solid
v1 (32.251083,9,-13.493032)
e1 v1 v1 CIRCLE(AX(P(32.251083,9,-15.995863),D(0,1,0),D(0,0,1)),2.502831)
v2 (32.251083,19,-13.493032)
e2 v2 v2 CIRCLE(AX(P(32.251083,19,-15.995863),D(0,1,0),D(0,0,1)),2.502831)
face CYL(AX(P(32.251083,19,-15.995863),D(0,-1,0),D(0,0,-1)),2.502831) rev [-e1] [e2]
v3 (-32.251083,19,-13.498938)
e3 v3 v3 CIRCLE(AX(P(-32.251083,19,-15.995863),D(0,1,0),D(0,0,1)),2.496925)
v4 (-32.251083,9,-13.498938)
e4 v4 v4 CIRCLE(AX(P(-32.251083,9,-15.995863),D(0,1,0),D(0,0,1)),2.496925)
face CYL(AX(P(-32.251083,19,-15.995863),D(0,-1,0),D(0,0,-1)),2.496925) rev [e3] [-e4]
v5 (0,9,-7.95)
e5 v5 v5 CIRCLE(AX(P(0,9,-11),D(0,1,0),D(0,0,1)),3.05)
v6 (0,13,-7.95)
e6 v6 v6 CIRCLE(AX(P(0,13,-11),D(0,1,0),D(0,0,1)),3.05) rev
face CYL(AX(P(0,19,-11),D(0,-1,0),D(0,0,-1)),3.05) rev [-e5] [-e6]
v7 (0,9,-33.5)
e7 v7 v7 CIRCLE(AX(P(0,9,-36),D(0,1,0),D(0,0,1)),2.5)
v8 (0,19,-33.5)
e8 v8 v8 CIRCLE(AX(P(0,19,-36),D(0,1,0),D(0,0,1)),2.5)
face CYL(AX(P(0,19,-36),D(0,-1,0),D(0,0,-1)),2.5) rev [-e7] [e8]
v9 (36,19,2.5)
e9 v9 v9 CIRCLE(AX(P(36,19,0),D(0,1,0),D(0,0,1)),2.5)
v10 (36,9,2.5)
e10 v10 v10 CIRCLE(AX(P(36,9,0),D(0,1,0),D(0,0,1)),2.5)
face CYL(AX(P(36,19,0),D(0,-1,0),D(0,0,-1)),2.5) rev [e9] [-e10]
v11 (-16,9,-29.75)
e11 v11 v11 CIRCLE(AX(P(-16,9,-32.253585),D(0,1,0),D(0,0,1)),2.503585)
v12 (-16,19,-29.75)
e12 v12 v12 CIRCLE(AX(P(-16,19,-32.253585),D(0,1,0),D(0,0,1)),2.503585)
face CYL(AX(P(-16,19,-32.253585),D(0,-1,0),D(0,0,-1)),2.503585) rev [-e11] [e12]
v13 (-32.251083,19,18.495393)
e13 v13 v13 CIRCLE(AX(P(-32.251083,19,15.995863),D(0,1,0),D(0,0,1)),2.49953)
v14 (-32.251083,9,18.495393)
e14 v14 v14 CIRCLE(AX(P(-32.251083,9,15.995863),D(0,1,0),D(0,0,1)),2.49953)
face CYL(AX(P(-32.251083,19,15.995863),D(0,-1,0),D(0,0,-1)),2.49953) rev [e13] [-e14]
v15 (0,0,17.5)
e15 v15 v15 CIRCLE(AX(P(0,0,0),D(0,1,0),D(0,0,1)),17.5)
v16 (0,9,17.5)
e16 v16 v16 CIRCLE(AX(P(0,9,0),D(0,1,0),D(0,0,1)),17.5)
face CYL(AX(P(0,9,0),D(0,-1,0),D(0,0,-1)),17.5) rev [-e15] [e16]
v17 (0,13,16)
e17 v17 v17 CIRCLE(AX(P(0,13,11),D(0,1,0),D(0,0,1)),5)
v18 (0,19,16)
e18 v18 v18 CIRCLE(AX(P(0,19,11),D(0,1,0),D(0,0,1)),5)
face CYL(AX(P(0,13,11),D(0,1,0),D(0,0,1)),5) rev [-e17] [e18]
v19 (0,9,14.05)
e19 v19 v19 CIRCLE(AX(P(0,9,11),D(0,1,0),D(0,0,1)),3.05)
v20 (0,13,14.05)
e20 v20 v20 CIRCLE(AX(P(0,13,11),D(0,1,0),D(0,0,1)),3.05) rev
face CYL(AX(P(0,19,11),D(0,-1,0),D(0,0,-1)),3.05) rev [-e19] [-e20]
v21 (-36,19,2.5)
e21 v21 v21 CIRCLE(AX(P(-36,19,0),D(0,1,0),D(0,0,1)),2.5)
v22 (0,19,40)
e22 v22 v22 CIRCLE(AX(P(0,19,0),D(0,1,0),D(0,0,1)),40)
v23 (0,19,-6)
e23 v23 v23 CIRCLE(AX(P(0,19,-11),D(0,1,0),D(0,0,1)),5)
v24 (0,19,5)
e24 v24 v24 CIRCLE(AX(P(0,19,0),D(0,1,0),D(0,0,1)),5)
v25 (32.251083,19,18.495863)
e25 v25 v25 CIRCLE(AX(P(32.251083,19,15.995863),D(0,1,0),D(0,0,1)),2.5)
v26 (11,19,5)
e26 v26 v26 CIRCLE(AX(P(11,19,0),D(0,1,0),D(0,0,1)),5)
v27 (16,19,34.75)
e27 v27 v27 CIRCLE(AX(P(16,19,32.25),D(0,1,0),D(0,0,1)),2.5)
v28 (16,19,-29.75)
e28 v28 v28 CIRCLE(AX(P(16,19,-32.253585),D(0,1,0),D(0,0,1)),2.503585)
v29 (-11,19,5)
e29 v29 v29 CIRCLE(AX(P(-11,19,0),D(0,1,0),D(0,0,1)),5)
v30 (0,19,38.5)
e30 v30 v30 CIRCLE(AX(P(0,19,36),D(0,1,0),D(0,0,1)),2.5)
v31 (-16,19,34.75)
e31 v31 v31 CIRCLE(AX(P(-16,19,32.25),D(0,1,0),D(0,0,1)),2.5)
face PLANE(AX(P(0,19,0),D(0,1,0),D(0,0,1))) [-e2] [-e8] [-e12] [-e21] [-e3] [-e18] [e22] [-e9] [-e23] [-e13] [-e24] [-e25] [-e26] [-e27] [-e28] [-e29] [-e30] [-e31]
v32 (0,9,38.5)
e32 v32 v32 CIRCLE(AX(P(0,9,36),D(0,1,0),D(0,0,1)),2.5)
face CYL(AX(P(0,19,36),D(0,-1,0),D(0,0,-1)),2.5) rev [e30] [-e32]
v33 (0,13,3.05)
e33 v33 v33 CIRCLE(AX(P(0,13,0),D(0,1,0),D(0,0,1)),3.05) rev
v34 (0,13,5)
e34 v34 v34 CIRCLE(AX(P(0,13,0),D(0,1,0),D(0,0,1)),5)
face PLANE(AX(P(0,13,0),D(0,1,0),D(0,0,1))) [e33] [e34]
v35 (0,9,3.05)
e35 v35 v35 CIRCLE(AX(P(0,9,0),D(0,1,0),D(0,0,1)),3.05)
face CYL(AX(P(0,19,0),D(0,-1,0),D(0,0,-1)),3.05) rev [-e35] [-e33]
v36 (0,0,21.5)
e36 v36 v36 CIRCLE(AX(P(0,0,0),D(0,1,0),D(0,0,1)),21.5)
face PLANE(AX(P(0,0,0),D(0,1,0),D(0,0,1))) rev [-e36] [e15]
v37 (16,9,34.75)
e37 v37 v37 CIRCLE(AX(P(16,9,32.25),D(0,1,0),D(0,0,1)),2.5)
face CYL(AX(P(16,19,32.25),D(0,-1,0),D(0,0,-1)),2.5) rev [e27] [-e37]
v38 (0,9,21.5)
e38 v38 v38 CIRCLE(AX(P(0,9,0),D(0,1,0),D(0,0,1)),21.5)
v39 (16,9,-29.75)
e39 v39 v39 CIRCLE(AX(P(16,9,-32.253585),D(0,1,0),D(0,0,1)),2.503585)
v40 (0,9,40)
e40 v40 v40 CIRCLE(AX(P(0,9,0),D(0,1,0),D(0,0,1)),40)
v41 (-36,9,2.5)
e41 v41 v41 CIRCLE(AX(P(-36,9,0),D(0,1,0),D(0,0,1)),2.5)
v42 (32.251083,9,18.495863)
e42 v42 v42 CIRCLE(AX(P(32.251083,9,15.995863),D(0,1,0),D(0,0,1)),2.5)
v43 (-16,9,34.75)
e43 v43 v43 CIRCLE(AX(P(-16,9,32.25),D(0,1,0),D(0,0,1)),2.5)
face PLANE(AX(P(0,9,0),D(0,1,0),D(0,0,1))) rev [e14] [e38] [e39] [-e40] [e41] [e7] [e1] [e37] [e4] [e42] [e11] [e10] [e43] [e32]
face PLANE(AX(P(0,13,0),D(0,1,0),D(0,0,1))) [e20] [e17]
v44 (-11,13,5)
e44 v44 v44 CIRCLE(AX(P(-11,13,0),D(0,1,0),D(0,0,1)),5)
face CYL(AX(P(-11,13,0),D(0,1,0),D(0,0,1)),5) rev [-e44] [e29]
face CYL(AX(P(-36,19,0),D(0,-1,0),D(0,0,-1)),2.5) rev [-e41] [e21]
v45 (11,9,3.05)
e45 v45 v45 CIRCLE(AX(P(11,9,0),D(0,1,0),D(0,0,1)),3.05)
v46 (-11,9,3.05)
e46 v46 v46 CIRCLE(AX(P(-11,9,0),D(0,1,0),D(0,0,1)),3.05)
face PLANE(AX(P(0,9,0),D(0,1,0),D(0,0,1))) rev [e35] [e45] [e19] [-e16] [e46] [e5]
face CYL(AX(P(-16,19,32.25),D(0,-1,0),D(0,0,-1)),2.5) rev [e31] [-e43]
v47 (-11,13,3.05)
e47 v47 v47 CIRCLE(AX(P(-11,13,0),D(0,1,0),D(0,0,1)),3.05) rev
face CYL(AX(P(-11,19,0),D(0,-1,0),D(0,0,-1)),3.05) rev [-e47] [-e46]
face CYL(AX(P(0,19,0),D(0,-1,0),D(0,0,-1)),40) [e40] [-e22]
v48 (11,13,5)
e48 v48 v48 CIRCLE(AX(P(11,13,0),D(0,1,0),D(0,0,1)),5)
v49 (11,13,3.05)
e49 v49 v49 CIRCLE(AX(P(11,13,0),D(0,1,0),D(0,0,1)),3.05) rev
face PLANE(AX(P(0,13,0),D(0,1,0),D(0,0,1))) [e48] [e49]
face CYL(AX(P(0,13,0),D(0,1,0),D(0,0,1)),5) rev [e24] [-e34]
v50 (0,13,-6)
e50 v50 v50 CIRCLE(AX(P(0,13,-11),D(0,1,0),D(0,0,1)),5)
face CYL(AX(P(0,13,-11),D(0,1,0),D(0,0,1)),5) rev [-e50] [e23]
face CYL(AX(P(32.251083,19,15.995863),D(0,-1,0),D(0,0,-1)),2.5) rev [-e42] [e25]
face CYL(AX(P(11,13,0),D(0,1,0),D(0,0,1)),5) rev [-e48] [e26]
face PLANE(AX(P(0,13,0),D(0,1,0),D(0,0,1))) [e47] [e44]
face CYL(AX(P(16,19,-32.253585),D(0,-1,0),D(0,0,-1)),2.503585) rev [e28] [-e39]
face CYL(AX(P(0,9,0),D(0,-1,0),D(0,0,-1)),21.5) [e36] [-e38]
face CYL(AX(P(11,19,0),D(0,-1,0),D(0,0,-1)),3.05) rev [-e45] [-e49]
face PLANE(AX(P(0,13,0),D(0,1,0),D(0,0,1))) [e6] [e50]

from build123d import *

# Parameters (mm, degrees)
SKETCH1_R           = 21.5
SKETCH1_R_2         = 17.5
BOSS_EXTRUDE1_DEPTH = 9
SKETCH3_R           = 40
SKETCH3_R_2         = 3.05
SKETCH3_R_3         = 2.5
SKETCH3_R_4         = 2.496925047
SKETCH3_R_5         = 2.499529996
SKETCH3_R_6         = 2.502831222
SKETCH3_R_7         = 2.503585157
BOSS_EXTRUDE2_DEPTH = 10
CUT_EXTRUDE1_START  = -6
SKETCH6_R           = 5
SKETCH6_R_2         = 3.05
CUT_EXTRUDE1_DEPTH  = 6


with BuildPart() as part:
    # Sketch1 → Boss-Extrude1 (new body)
    with BuildSketch(Plane(origin=(0, 0, 0), x_dir=(1, 0, 0), z_dir=(0, 1, 0))):
        with Locations(Location((0, 0, 0), (0, 0, 270))):
            Circle(SKETCH1_R)
        with Locations(Location((0, 0, 0), (0, 0, 270))):
            Circle(SKETCH1_R_2, mode=Mode.SUBTRACT)
    extrude(amount=BOSS_EXTRUDE1_DEPTH)

    # Sketch3 → Boss-Extrude2 (add)
    with BuildSketch(Plane(origin=(0, 9, 0), x_dir=(1, 0, 0), z_dir=(0, 1, 0))):
        with Locations(Location((0, 0, 0), (0, 0, 270))):
            Circle(SKETCH3_R)
        with Locations(Location((0, 0, 0), (0, 0, 270))):
            Circle(SKETCH3_R_2, mode=Mode.SUBTRACT)
        with Locations(Location((-11, 0, 0), (0, 0, 270))):
            Circle(SKETCH3_R_2, mode=Mode.SUBTRACT)
        with Locations(Location((0, -11, 0), (0, 0, 270))):
            Circle(SKETCH3_R_2, mode=Mode.SUBTRACT)
        with Locations(Location((11, 0, 0), (0, 0, 270))):
            Circle(SKETCH3_R_2, mode=Mode.SUBTRACT)
        with Locations(Location((0, 11, 0), (0, 0, 270))):
            Circle(SKETCH3_R_2, mode=Mode.SUBTRACT)
        with Locations(Location((0, 36, 0), (0, 0, 270))):
            Circle(SKETCH3_R_3, mode=Mode.SUBTRACT)
        with Locations(Location((-32.251083055, 15.995863271, 0), (0, 0, 270))):
            Circle(SKETCH3_R_4, mode=Mode.SUBTRACT)
        with Locations(Location((-32.251083055, -15.995863271, 0), (0, 0, 270))):
            Circle(SKETCH3_R_5, mode=Mode.SUBTRACT)
        with Locations(Location((0, -36, 0), (0, 0, 270))):
            Circle(SKETCH3_R_3, mode=Mode.SUBTRACT)
        with Locations(Location((36, 0, 0), (0, 0, 270))):
            Circle(SKETCH3_R_3, mode=Mode.SUBTRACT)
        with Locations(Location((32.251083055, 15.995863271, 0), (0, 0, 270))):
            Circle(SKETCH3_R_6, mode=Mode.SUBTRACT)
        with Locations(Location((32.251083055, -15.995863271, 0), (0, 0, 270))):
            Circle(SKETCH3_R_3, mode=Mode.SUBTRACT)
        with Locations(Location((-16, 32.253585157, 0), (0, 0, 270))):
            Circle(SKETCH3_R_7, mode=Mode.SUBTRACT)
        with Locations(Location((16, 32.253585157, 0), (0, 0, 270))):
            Circle(SKETCH3_R_7, mode=Mode.SUBTRACT)
        with Locations(Location((-16, -32.25, 0), (0, 0, 270))):
            Circle(SKETCH3_R_3, mode=Mode.SUBTRACT)
        with Locations(Location((16, -32.25, 0), (0, 0, 270))):
            Circle(SKETCH3_R_3, mode=Mode.SUBTRACT)
        with Locations(Location((-36, 0, 0), (0, 0, 270))):
            Circle(SKETCH3_R_3, mode=Mode.SUBTRACT)
    extrude(amount=BOSS_EXTRUDE2_DEPTH)

    # Sketch6 → Cut-Extrude1 (cut)
    # profile 1 of 5: a face of its own
    with BuildSketch(Plane(origin=(0, 19, 0), x_dir=(1, 0, 0), z_dir=(0, 1, 0)).offset(CUT_EXTRUDE1_START)):
        with Locations(Location((0, 11, 0), (0, 0, 270))):
            Circle(SKETCH6_R)
        with Locations(Location((0, 11, 0), (0, 0, 270))):
            Circle(SKETCH6_R_2, mode=Mode.SUBTRACT)
    # profile 2 of 5: a face of its own
    with BuildSketch(Plane(origin=(0, 19, 0), x_dir=(1, 0, 0), z_dir=(0, 1, 0)).offset(CUT_EXTRUDE1_START)):
        with Locations(Location((-11, 0, 0), (0, 0, 270))):
            Circle(SKETCH6_R)
        with Locations(Location((-11, 0, 0), (0, 0, 270))):
            Circle(SKETCH6_R_2, mode=Mode.SUBTRACT)
    # profile 3 of 5: a face of its own
    with BuildSketch(Plane(origin=(0, 19, 0), x_dir=(1, 0, 0), z_dir=(0, 1, 0)).offset(CUT_EXTRUDE1_START)):
        with Locations(Location((0, 0, 0), (0, 0, 270))):
            Circle(SKETCH6_R)
        with Locations(Location((0, 0, 0), (0, 0, 270))):
            Circle(SKETCH6_R_2, mode=Mode.SUBTRACT)
    # profile 4 of 5: a face of its own
    with BuildSketch(Plane(origin=(0, 19, 0), x_dir=(1, 0, 0), z_dir=(0, 1, 0)).offset(CUT_EXTRUDE1_START)):
        with Locations(Location((11, 0, 0), (0, 0, 270))):
            Circle(SKETCH6_R)
        with Locations(Location((11, 0, 0), (0, 0, 270))):
            Circle(SKETCH6_R_2, mode=Mode.SUBTRACT)
    # profile 5 of 5: a face of its own
    with BuildSketch(Plane(origin=(0, 19, 0), x_dir=(1, 0, 0), z_dir=(0, 1, 0)).offset(CUT_EXTRUDE1_START)):
        with Locations(Location((0, -11, 0), (0, 0, 270))):
            Circle(SKETCH6_R)
        with Locations(Location((0, -11, 0), (0, 0, 270))):
            Circle(SKETCH6_R_2, mode=Mode.SUBTRACT)
    extrude(amount=CUT_EXTRUDE1_DEPTH, mode=Mode.SUBTRACT)


solid = part.part
